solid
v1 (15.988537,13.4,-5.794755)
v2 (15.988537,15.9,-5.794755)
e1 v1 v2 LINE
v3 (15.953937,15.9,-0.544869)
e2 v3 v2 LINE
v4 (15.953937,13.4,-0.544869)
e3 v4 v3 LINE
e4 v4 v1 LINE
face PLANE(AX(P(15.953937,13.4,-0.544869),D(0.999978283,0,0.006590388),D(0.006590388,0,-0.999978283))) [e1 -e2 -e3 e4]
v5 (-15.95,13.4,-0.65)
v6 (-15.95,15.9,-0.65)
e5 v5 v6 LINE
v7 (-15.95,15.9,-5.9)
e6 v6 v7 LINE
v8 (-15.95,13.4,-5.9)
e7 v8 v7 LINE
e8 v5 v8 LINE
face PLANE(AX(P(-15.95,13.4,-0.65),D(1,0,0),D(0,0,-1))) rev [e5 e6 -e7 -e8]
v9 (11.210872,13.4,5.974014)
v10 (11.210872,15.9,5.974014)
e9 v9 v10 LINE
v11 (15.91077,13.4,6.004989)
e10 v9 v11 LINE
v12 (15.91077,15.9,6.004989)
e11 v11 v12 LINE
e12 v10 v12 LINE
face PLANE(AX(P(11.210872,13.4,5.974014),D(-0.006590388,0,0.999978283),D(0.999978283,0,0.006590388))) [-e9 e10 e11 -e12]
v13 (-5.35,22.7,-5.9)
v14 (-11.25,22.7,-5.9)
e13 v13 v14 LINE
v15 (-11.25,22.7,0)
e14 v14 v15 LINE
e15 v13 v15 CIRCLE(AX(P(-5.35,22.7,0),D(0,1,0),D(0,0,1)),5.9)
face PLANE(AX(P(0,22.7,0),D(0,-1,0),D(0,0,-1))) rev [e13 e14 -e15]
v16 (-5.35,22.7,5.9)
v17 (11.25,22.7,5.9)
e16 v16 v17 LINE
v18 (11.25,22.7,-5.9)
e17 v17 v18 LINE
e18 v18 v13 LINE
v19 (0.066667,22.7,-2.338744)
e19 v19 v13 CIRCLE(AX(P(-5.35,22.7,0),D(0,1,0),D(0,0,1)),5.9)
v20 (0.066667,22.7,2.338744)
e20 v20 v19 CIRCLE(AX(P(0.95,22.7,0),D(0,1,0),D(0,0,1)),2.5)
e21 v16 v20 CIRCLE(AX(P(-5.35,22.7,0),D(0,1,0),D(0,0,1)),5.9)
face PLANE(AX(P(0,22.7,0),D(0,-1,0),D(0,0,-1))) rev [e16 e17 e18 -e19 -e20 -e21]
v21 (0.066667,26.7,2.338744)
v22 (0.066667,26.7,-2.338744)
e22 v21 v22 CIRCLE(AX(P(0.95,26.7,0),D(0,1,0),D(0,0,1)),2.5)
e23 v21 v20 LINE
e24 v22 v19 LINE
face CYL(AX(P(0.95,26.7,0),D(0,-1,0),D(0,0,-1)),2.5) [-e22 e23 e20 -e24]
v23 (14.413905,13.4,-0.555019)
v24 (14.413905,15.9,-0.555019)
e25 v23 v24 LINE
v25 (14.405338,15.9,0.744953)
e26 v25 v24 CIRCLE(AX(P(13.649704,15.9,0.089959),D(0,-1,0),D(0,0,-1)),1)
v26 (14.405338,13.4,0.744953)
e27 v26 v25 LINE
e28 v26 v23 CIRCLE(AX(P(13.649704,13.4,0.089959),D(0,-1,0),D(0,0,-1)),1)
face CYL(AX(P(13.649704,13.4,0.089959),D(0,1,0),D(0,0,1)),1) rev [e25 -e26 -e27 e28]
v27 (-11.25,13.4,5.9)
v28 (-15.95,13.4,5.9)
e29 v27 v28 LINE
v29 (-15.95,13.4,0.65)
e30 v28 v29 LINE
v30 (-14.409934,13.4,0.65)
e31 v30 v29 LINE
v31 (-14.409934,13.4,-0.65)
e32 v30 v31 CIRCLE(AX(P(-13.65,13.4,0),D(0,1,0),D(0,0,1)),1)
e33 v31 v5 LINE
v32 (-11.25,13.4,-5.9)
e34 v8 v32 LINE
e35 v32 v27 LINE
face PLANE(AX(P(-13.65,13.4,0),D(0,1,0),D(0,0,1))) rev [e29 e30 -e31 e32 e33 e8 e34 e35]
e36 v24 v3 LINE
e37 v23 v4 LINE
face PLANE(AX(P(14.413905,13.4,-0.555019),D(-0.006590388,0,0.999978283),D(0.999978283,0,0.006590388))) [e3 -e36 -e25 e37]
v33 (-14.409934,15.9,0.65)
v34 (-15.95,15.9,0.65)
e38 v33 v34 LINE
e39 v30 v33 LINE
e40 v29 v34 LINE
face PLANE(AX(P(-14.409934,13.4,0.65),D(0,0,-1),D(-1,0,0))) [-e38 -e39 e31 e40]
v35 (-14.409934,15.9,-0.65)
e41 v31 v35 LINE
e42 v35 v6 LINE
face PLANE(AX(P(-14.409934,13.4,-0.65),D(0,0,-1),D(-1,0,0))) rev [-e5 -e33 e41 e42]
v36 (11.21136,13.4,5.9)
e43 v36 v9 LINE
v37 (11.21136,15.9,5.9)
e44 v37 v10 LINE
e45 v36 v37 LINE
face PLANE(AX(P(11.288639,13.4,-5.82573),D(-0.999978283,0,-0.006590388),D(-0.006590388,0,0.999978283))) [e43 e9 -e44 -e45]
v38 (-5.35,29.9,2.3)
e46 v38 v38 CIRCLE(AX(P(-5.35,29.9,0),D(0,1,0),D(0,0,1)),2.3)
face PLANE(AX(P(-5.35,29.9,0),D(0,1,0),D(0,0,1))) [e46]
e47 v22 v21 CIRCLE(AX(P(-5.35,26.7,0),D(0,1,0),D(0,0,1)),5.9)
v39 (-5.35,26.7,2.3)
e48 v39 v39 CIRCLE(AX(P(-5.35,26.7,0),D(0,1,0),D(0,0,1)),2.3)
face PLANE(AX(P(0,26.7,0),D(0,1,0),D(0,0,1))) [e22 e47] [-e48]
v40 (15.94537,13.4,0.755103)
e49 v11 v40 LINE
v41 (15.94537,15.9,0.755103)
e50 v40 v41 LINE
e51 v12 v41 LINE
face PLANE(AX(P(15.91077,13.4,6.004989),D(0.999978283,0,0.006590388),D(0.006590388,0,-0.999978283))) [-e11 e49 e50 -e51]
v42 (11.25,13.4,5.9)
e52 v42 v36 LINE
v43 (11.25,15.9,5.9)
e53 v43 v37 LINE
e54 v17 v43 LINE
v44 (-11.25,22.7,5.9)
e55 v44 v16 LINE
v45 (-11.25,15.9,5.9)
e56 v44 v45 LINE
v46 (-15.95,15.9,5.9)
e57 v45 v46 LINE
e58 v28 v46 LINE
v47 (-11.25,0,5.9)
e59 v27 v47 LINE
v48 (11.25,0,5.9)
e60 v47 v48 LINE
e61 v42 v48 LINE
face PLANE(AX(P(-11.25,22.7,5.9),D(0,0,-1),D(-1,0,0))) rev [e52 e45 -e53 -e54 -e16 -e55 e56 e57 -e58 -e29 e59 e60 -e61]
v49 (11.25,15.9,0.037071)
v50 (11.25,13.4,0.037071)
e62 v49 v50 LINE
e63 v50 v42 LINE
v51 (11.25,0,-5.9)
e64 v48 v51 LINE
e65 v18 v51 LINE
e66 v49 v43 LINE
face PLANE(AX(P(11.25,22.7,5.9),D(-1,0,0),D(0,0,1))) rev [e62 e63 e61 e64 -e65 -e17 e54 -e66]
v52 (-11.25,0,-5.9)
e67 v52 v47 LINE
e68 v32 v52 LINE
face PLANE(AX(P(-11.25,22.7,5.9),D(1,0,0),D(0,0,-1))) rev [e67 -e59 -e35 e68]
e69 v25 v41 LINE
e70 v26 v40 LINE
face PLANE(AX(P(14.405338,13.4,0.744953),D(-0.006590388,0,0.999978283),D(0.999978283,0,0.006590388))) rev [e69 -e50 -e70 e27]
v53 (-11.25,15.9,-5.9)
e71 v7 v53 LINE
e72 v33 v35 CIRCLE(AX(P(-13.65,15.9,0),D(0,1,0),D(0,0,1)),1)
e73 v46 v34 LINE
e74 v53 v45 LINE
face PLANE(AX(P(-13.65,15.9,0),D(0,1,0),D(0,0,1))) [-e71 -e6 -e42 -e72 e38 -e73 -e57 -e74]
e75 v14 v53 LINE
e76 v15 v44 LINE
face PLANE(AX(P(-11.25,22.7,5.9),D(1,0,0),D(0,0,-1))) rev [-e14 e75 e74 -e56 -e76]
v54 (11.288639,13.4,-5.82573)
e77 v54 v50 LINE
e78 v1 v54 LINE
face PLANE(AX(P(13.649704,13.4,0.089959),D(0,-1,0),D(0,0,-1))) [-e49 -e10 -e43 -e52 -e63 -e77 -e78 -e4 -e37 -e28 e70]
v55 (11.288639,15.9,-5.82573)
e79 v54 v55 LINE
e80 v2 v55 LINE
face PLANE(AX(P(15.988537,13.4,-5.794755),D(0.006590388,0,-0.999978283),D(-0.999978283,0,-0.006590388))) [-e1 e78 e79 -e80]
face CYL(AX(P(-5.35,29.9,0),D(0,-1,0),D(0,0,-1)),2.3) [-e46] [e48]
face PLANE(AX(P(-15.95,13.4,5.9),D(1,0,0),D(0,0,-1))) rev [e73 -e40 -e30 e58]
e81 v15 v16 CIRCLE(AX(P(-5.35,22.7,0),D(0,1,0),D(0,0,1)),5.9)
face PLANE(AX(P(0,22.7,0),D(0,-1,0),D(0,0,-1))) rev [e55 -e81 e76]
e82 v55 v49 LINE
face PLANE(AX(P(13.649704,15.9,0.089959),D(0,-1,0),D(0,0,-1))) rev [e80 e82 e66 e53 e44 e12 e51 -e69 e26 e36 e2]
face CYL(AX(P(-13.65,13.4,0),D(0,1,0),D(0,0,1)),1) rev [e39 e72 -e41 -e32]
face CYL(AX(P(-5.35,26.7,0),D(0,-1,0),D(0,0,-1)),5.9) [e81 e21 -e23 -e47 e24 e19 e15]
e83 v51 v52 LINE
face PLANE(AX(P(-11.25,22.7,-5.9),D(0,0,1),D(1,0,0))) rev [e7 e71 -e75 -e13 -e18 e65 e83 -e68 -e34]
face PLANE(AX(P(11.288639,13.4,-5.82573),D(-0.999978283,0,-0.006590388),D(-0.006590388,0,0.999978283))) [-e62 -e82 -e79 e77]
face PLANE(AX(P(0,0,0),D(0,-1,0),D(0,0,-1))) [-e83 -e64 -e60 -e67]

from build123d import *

# Parameters (mm, degrees)
CROQUIS1_W              = 22.5
CROQUIS1_H              = 11.8
SALIENTE_EXTRUIR1_DEPTH = 22.7
CROQUIS2_R              = 2.3
SALIENTE_EXTRUIR2_DEPTH = 4
CROQUIS3_R              = 2.3
SALIENTE_EXTRUIR3_DEPTH = 7.2
SALIENTE_EXTRUIR4_START = -6.8
SALIENTE_EXTRUIR4_DEPTH = 2.5


with BuildPart() as part:
    # Croquis1 → Saliente-Extruir1 (new body)
    with BuildSketch(Plane(origin=(0, 0, 0), x_dir=(1, 0, 0), z_dir=(0, 1, 0))):
        Rectangle(CROQUIS1_W, CROQUIS1_H)
    extrude(amount=SALIENTE_EXTRUIR1_DEPTH)

    # Croquis2 → Saliente-Extruir2 (add)
    with BuildSketch(Plane(origin=(0, 22.7, 0), x_dir=(1, 0, 0), z_dir=(0, 1, 0))):
        with BuildLine():
            ThreePointArc((0.066666667, 2.338743727), (-6.544082671, 5.777903303), (-11.25, -7.9e-08))
            ThreePointArc((-11.25, -7.9e-08), (-6.544082594, -5.777903319), (0.066666667, -2.338743727))
            ThreePointArc((0.066666667, -2.338743727), (3.45, 0), (0.066666667, 2.338743727))
        make_face()
        with Locations((-5.35, 0)):
            Circle(CROQUIS2_R, mode=Mode.SUBTRACT)
    extrude(amount=SALIENTE_EXTRUIR2_DEPTH)

    # Croquis3 → Saliente-Extruir3 (add)
    with BuildSketch(Plane(origin=(0, 22.7, 0), x_dir=(1, 0, 0), z_dir=(0, 1, 0))):
        with Locations((-5.35, 0)):
            Circle(CROQUIS3_R)
    extrude(amount=SALIENTE_EXTRUIR3_DEPTH)

    # Croquis2<3> → Saliente-Extruir4 (add)
    with BuildSketch(Plane(origin=(0, 22.7, 0), x_dir=(1, 0, 0), z_dir=(0, 1, 0)).offset(SALIENTE_EXTRUIR4_START)):
        with BuildLine():
            Line((-11.25, 5.9), (-11.25, -5.9))
            Line((-11.25, -5.9), (-15.95, -5.9))
            Line((-15.95, -5.9), (-15.95, -0.65))
            Line((-15.95, -0.65), (-14.409934208, -0.65))
            ThreePointArc((-14.409934208, -0.65), (-12.65, 0), (-14.409934208, 0.65))
            Line((-14.409934208, 0.65), (-15.95, 0.65))
            Line((-15.95, 0.65), (-15.95, 5.9))
            Line((-15.95, 5.9), (-11.25, 5.9))
        make_face()
        with BuildLine():
            Line((15.988536906, 5.794755181), (11.288638975, 5.825730005))
            Line((11.288638975, 5.825730005), (11.210872396, -5.974013736))
            Line((11.210872396, -5.974013736), (15.910770327, -6.00498856))
            Line((15.910770327, -6.00498856), (15.945369864, -0.755102574))
            Line((15.945369864, -0.755102574), (14.405337517, -0.744952943))
            ThreePointArc((14.405337517, -0.744952943), (12.649725282, -0.083368409), (14.413905022, 0.555018825))
            Line((14.413905022, 0.555018825), (15.953937369, 0.544869194))
            Line((15.953937369, 0.544869194), (15.988536906, 5.794755181))
        make_face()
    extrude(amount=-SALIENTE_EXTRUIR4_DEPTH)


solid = part.part
